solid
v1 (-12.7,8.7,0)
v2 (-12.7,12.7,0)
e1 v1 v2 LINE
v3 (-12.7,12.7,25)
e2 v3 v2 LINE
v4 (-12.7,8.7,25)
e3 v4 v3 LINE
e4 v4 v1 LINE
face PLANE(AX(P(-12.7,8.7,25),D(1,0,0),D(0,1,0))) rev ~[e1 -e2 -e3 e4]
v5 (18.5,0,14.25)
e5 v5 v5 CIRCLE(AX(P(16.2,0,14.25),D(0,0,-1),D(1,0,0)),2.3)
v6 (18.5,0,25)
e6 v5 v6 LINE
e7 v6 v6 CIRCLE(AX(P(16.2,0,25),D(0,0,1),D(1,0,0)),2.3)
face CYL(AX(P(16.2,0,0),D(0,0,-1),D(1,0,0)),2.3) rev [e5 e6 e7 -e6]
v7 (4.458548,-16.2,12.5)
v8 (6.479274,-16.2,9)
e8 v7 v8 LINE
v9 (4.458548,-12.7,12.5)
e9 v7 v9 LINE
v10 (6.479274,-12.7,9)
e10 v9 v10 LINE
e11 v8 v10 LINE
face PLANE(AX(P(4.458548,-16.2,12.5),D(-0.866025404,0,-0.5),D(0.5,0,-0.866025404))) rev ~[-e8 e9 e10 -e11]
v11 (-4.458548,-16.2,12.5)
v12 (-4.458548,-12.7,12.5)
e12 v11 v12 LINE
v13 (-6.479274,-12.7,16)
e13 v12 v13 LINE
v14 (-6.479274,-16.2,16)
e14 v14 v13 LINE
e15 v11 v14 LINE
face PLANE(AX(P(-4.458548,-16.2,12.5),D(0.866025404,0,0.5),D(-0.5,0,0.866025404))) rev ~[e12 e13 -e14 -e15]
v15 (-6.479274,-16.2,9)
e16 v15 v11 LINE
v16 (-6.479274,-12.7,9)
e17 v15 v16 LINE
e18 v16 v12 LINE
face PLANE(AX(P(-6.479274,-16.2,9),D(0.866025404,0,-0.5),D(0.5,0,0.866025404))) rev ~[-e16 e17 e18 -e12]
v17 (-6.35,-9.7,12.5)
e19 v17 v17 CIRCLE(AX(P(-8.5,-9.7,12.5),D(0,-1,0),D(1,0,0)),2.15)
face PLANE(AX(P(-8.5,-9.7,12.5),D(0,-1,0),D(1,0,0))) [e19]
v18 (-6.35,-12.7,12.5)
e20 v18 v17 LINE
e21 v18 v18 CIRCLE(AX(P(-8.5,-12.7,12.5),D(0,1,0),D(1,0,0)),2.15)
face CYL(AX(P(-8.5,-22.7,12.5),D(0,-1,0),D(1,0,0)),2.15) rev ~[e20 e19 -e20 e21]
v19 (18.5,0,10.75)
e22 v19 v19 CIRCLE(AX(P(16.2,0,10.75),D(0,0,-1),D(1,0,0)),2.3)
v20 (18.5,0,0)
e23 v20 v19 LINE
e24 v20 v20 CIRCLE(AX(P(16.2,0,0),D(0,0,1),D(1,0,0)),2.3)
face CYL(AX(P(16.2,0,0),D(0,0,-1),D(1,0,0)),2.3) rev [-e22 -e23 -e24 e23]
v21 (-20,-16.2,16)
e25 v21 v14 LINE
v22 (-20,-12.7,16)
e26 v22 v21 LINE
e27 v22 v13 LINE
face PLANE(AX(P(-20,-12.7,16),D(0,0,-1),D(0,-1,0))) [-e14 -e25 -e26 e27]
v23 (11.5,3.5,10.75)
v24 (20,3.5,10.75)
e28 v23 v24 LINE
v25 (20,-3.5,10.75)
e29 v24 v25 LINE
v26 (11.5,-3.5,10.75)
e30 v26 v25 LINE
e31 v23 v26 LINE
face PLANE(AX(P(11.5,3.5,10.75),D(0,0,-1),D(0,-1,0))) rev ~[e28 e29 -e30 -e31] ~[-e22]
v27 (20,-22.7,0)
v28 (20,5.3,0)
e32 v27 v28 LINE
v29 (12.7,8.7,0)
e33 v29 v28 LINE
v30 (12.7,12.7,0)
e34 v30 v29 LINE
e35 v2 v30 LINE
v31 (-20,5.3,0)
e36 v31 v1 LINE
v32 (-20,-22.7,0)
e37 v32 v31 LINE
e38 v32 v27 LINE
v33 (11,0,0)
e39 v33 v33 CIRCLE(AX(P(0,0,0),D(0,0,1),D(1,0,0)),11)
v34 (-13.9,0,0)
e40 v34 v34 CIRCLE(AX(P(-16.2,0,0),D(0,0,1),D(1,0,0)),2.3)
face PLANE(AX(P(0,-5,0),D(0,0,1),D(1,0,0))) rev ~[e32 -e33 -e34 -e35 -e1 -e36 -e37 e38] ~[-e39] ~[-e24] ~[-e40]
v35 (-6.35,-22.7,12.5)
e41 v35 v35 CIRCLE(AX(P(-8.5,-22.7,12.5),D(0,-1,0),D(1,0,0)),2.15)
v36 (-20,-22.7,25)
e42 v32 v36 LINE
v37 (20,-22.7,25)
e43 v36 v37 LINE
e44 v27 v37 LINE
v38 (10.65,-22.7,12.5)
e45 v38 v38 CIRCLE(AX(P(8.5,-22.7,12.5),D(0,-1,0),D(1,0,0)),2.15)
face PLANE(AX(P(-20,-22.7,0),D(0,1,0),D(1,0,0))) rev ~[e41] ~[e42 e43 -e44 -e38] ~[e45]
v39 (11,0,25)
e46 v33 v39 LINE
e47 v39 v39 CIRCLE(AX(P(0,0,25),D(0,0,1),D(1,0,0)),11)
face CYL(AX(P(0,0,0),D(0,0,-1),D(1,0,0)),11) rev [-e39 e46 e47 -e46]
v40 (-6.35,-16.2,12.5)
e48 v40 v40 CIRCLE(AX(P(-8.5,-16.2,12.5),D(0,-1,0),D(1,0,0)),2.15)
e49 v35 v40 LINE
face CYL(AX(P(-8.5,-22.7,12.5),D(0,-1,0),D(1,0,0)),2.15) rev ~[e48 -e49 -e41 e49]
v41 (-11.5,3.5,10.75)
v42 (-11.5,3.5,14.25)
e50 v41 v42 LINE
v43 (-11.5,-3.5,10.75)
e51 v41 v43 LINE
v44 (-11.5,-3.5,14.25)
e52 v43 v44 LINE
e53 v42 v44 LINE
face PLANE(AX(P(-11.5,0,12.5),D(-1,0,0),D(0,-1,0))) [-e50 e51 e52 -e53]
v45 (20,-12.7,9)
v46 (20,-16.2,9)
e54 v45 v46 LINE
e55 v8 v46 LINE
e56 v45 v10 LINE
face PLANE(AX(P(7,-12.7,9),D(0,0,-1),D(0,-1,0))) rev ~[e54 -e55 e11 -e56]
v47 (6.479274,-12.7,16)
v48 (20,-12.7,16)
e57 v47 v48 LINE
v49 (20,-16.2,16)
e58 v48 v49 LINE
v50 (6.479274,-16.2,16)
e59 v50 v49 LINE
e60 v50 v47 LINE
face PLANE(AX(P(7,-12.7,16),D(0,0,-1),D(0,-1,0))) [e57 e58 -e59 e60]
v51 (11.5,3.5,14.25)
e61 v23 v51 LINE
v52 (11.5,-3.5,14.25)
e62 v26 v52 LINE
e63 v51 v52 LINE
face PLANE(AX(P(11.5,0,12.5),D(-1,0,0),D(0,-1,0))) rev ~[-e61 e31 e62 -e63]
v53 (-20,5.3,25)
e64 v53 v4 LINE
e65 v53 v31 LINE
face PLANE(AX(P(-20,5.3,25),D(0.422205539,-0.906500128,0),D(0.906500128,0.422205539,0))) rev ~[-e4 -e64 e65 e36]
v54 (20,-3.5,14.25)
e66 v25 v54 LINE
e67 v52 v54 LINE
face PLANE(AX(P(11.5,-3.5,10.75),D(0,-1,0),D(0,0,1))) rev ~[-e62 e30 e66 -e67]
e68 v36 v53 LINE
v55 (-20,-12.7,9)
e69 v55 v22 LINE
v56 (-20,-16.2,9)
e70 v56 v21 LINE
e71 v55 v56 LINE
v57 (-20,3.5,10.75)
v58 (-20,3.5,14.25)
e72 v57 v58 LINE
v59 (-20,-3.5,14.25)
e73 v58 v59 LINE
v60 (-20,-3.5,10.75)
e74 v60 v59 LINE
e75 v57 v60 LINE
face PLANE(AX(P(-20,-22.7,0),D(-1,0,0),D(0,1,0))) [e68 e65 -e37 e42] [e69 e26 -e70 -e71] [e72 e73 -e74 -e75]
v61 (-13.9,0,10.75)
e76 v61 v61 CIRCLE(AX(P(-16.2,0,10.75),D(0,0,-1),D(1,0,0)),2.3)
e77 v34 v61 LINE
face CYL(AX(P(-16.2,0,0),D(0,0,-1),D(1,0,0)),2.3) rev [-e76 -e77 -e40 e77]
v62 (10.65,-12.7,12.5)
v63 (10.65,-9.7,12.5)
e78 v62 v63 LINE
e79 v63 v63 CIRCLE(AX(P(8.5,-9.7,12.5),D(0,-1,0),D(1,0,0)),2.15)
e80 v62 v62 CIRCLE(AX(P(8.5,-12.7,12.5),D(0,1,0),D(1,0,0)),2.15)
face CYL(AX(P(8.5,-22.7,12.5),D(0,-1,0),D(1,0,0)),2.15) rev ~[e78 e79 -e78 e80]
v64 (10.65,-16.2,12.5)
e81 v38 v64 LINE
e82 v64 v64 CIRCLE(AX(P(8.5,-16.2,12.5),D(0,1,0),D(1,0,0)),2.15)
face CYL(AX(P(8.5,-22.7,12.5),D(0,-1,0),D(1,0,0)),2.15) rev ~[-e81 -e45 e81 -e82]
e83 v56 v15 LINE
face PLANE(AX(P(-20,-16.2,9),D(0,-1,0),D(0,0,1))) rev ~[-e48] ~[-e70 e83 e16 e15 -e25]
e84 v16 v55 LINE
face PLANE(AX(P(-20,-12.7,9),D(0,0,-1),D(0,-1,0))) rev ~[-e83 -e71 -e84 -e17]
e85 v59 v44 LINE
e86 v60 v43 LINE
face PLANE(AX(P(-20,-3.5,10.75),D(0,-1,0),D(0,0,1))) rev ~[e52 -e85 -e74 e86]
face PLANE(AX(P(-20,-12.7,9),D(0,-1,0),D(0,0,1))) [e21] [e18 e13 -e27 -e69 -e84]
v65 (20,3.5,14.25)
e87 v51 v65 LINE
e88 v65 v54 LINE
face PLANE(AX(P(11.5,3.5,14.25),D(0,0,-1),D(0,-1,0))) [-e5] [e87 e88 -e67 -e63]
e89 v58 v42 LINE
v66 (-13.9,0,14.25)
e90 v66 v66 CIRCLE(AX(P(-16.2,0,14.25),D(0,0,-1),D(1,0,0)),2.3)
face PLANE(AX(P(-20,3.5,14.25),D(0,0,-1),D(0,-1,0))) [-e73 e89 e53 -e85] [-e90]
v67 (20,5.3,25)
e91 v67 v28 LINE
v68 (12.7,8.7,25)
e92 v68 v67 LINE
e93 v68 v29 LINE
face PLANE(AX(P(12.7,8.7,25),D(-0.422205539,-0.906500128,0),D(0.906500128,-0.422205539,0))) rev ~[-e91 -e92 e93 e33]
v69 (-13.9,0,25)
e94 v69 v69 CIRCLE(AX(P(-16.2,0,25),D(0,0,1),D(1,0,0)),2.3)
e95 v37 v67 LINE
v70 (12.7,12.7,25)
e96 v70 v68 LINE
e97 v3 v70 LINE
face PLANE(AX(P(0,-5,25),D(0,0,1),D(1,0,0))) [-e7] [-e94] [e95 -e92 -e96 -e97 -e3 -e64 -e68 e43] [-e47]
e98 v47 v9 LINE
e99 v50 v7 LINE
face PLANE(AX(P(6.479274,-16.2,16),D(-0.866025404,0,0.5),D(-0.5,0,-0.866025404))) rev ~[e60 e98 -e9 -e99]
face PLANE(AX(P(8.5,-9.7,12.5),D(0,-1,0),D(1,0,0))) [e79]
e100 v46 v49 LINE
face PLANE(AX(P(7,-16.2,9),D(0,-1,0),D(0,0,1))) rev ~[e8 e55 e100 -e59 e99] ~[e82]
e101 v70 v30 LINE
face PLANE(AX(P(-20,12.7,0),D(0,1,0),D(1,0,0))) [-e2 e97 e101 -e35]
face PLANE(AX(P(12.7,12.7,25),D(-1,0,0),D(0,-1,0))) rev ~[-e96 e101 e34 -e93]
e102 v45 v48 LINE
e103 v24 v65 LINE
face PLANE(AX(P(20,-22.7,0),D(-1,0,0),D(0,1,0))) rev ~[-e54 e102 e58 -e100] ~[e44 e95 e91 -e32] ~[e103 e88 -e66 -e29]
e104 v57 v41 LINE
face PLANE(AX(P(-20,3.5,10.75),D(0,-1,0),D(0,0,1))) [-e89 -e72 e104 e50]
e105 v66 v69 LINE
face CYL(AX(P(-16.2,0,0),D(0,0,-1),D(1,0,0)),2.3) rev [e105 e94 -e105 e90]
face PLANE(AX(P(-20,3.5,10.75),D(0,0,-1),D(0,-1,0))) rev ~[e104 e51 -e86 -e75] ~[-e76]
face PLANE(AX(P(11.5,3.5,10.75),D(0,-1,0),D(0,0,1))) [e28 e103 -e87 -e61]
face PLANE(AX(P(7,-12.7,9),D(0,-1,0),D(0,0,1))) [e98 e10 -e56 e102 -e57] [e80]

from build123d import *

# Parameters (mm, degrees)
F0_W      = 40
F0_H      = 35.4
F0_R      = 2.3
F0_R_2    = 11
F1_DEPTH  = 25
F2_R      = 2.15
F3_DEPTH  = 13
F5_START  = -6.5
F5_DEPTH  = 3.5
F6_W      = 3.5
F6_H      = 7
F7_DEPTH  = 10
F8_START  = -27
F8_DEPTH  = 23
F10_W     = 7
F10_H     = 3.5
F11_DEPTH = 8.5
F12_START = -31.5
F12_DEPTH = 18.5
F13_DEPTH = 25


with BuildPart() as f1:
    # F0 (on Top) → F1 (new body)
    with BuildSketch(Plane.XY):
        with Locations((0, -5)):
            Rectangle(F0_W, F0_H)
        with Locations((-16.2, 0)):
            Circle(F0_R, mode=Mode.SUBTRACT)
        Circle(F0_R_2, mode=Mode.SUBTRACT)
        with Locations((16.2, 0)):
            Circle(F0_R, mode=Mode.SUBTRACT)
    extrude(amount=F1_DEPTH)

    # F2 (on face) → F3 (cut)
    with BuildSketch(Plane.XZ.offset(22.7)):
        with Locations((-8.5, 12.5)):
            Circle(F2_R)
        with Locations((8.5, 12.5)):
            Circle(F2_R)
    extrude(amount=-F3_DEPTH, mode=Mode.SUBTRACT)

    # F4 (on face) → F5 (cut)
    with BuildSketch(Plane.XZ.offset(22.7).offset(F5_START)):
        Polygon((-6.4792740578, 16), (-10.5207259422, 16), (-12.5414518843, 12.5), (-10.5207259422, 9), (-6.4792740578, 9), (-4.4585481157, 12.5), align=None)
        Polygon((12.5414518843, 12.5), (10.5207259422, 16), (6.4792740578, 16), (4.4585481157, 12.5), (6.4792740578, 9), (10.5207259422, 9), align=None)
    extrude(amount=-F5_DEPTH, mode=Mode.SUBTRACT)

    # F6 (on face) → F7 (cut)
    with BuildSketch(Plane(origin=(-20, 0, 0), x_dir=(0, -1, 0), z_dir=(-1, 0, 0))):
        with Locations((14.45, 12.5)):
            Rectangle(F6_W, F6_H)
    extrude(amount=-F7_DEPTH, mode=Mode.SUBTRACT)

    # F6 (on face) → F8 (cut)
    with BuildSketch(Plane(origin=(-20, 0, 0), x_dir=(0, -1, 0), z_dir=(-1, 0, 0)).offset(F8_START)):
        with Locations((14.45, 12.5)):
            Rectangle(F6_W, F6_H)
    extrude(amount=-F8_DEPTH, mode=Mode.SUBTRACT)

    # F10 (on face) → F11 (cut)
    with BuildSketch(Plane(origin=(-20, 0, 0), x_dir=(0, -1, 0), z_dir=(-1, 0, 0))):
        with Locations((0, 12.5)):
            Rectangle(F10_W, F10_H)
    extrude(amount=-F11_DEPTH, mode=Mode.SUBTRACT)

    # F10 (on face) → F12 (cut)
    with BuildSketch(Plane(origin=(-20, 0, 0), x_dir=(0, -1, 0), z_dir=(-1, 0, 0)).offset(F12_START)):
        with Locations((0, 12.5)):
            Rectangle(F10_W, F10_H)
    extrude(amount=-F12_DEPTH, mode=Mode.SUBTRACT)

    # F9 (on face) → F13 (cut)
    with BuildSketch(Plane.XY.offset(25)):
        Polygon((-20, 5.3), (-12.7, 8.7), (-12.7, 12.7), (-20, 12.7), align=None)
        Polygon((20, 12.7), (12.7, 12.7), (12.7, 8.7), (20, 5.3), align=None)
    extrude(amount=-F13_DEPTH, mode=Mode.SUBTRACT)


solid = f1.part
